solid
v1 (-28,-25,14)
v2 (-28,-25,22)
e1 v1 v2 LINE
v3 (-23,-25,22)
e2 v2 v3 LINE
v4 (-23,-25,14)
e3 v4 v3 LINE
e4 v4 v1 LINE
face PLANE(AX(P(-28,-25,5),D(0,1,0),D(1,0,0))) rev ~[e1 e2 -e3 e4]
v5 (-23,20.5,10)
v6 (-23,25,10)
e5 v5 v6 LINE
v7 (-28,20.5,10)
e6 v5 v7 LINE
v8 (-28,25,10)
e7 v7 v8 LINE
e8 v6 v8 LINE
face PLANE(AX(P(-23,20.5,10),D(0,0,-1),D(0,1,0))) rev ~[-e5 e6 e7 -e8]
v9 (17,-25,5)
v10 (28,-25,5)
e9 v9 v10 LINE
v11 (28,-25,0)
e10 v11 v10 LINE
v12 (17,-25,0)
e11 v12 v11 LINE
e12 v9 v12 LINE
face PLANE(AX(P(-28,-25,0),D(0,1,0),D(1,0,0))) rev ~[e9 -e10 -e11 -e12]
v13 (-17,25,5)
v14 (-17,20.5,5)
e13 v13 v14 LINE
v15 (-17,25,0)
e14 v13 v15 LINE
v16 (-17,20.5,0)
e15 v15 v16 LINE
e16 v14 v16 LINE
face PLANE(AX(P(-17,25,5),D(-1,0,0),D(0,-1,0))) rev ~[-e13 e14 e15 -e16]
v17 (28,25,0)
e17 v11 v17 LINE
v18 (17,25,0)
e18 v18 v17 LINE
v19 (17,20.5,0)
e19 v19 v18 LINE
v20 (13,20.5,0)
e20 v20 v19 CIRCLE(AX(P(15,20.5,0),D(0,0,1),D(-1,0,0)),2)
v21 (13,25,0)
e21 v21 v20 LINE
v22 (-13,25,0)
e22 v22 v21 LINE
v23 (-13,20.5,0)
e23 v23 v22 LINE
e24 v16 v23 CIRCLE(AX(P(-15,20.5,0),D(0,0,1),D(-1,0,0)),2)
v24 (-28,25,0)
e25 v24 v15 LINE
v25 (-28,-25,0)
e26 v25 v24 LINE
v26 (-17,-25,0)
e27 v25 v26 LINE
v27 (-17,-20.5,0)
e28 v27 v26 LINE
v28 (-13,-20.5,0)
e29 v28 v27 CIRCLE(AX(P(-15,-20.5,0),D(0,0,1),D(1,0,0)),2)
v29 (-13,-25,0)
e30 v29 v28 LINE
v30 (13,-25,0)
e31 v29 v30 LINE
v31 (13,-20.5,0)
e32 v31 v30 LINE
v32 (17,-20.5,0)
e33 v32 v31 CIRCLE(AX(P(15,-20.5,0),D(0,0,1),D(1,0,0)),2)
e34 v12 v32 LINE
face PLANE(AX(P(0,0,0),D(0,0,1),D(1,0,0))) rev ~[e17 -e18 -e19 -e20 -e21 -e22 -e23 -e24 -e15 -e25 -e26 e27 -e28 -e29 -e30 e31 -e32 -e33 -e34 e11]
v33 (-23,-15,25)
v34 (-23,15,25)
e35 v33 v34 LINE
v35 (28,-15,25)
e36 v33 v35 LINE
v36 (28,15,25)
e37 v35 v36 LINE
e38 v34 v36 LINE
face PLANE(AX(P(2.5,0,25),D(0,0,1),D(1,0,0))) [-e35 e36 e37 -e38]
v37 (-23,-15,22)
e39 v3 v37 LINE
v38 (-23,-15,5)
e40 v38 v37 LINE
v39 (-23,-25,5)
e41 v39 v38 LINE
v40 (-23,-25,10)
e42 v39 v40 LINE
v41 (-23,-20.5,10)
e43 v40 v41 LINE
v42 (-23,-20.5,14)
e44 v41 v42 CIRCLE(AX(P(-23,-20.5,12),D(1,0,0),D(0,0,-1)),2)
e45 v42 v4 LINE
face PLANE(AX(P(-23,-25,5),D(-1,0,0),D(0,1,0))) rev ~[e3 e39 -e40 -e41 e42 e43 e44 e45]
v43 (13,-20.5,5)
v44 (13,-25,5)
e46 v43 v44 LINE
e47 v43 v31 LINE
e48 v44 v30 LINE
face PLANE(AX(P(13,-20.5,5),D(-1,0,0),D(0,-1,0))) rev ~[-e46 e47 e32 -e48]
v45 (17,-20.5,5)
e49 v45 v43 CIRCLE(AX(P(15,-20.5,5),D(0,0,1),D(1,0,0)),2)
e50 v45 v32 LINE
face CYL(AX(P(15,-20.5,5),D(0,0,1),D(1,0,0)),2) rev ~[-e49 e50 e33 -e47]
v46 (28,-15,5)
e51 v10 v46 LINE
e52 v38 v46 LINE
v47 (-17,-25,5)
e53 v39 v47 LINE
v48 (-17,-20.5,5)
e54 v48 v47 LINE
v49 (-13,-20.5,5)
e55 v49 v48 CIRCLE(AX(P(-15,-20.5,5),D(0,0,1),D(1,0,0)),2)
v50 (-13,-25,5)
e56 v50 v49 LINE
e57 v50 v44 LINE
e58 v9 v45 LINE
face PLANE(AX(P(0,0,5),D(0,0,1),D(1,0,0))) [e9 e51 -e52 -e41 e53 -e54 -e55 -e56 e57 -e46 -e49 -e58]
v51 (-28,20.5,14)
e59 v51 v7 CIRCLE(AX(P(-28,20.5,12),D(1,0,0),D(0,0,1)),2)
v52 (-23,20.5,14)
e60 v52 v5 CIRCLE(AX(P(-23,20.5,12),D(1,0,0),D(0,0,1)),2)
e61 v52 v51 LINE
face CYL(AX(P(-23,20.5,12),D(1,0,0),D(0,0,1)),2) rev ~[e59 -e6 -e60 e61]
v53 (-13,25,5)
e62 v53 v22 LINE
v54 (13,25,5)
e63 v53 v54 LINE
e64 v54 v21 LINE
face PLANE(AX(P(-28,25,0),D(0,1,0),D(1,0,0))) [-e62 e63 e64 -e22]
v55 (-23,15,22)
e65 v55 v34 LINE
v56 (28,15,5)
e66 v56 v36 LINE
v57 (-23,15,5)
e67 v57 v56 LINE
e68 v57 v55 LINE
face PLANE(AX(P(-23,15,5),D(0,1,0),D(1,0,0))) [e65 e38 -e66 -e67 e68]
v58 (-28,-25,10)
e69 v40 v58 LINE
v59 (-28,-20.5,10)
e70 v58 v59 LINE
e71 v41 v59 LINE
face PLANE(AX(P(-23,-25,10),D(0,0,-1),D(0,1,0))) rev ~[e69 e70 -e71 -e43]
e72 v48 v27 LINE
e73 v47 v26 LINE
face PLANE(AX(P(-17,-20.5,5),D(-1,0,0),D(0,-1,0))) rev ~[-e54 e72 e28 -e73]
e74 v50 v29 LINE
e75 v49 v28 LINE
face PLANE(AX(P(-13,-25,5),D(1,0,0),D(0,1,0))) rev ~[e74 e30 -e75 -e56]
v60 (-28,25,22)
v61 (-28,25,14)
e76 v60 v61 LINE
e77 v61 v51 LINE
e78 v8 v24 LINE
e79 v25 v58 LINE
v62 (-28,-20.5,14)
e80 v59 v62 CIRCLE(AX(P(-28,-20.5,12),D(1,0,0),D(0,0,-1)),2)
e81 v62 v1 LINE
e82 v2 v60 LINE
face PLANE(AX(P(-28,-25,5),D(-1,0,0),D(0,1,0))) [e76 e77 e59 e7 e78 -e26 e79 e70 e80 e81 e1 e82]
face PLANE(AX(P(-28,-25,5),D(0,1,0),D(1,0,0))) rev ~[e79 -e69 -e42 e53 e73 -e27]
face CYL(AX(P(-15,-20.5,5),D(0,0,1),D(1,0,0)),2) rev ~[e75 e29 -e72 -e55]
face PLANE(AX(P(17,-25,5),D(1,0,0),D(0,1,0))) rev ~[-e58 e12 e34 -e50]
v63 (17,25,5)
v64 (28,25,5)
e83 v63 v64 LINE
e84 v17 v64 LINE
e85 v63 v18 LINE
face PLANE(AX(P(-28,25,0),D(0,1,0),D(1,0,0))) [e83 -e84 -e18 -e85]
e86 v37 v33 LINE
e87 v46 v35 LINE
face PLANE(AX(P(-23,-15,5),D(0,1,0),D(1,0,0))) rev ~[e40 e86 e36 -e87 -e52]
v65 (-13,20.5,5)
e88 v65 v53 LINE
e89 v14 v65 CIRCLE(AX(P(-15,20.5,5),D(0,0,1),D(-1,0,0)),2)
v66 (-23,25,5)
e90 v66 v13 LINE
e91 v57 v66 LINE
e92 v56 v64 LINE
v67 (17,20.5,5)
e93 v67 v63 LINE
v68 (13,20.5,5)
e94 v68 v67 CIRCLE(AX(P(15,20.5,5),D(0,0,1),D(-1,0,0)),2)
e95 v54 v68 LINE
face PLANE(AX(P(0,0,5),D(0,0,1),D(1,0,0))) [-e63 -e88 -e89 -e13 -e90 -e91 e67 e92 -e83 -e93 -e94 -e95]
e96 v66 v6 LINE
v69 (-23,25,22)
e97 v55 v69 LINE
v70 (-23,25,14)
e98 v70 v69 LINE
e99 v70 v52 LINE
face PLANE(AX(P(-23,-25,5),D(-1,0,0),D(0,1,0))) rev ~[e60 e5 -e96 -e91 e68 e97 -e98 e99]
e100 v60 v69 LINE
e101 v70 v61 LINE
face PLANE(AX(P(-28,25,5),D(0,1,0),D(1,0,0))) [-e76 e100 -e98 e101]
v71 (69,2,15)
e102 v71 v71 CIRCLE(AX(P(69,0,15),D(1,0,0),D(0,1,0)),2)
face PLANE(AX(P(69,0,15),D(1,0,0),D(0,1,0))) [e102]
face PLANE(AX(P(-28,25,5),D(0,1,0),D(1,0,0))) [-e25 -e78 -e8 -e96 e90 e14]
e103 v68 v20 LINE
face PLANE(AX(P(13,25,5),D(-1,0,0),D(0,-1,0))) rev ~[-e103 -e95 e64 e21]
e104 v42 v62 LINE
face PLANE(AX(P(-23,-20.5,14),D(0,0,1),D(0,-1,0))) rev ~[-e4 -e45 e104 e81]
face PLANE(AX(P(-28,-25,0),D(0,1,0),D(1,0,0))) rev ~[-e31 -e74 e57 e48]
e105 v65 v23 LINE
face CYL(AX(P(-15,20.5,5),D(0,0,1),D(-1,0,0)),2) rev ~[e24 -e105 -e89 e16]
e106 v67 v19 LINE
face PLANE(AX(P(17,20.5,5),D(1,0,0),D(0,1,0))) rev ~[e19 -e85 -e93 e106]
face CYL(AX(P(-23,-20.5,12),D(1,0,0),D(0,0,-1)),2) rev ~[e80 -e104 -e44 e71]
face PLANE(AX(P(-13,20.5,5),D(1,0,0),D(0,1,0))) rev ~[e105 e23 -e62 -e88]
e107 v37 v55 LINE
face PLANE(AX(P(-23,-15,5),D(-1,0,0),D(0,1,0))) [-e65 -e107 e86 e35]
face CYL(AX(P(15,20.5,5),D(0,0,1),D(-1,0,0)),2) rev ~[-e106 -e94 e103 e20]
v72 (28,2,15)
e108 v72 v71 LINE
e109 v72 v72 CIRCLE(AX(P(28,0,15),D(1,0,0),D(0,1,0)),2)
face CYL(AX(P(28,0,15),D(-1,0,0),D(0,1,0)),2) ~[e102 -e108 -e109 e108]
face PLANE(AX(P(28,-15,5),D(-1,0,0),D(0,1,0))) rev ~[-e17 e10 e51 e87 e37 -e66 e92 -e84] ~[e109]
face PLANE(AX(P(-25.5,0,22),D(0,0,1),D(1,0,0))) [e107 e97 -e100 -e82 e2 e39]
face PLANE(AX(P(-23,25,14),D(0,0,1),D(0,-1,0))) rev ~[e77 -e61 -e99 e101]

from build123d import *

# Parameters (mm, degrees)
F0_W      = 56
F0_H      = 50
F1_DEPTH  = 5
F3_DEPTH  = 5
F4_W      = 5
F4_H      = 50
F5_DEPTH  = 17
F6_W      = 51
F6_H      = 30
F7_DEPTH  = 20
F9_DEPTH  = 5
F10_R     = 2
F11_DEPTH = 41


with BuildPart() as f1:
    # F0 (on Top) → F1 (new body)
    with BuildSketch(Plane.XY):
        Rectangle(F0_W, F0_H)
    extrude(amount=F1_DEPTH)

    # F2 (on face) → F3 (cut, through all)
    with BuildSketch(Plane.XY.offset(5)):
        with BuildLine():
            Line((17, -25), (17, -20.5))
            ThreePointArc((17, -20.5), (15, -18.5), (13, -20.5))
            Line((13, -20.5), (13, -25))
            Line((13, -25), (17, -25))
        make_face()
        with BuildLine():
            ThreePointArc((13, 20.5), (15, 18.5), (17, 20.5))
            Line((17, 20.5), (17, 25))
            Line((17, 25), (13, 25))
            Line((13, 25), (13, 20.5))
        make_face()
        with BuildLine():
            Line((-17, 25), (-17, 20.5))
            ThreePointArc((-17, 20.5), (-15, 18.5), (-13, 20.5))
            Line((-13, 20.5), (-13, 25))
            Line((-13, 25), (-17, 25))
        make_face()
        with BuildLine():
            ThreePointArc((-13, -20.5), (-15, -18.5), (-17, -20.5))
            Line((-17, -20.5), (-17, -25))
            Line((-17, -25), (-13, -25))
            Line((-13, -25), (-13, -20.5))
        make_face()
    extrude(amount=-F3_DEPTH, mode=Mode.SUBTRACT)

    # F4 (on face) → F5 (join)
    with BuildSketch(Plane.XY.offset(5)):
        with Locations((-25.5, 0)):
            Rectangle(F4_W, F4_H)
    extrude(amount=F5_DEPTH)

    # F6 (on face) → F7 (join)
    with BuildSketch(Plane.XY.offset(5)):
        with Locations((2.5, 0)):
            Rectangle(F6_W, F6_H)
    extrude(amount=F7_DEPTH)

    # F8 (on face) → F9 (cut, through all)
    with BuildSketch(Plane.YZ.offset(-23)):
        with BuildLine():
            Line((-25, 10), (-20.5, 10))
            ThreePointArc((-20.5, 10), (-18.5, 12), (-20.5, 14))
            Line((-20.5, 14), (-25, 14))
            Line((-25, 14), (-25, 10))
        make_face()
        with BuildLine():
            ThreePointArc((20.5, 14), (18.5, 12), (20.5, 10))
            Line((20.5, 10), (25, 10))
            Line((25, 10), (25, 14))
            Line((25, 14), (20.5, 14))
        make_face()
    extrude(amount=-F9_DEPTH, mode=Mode.SUBTRACT)

    # F10 (on face) → F11 (join)
    with BuildSketch(Plane.YZ.offset(28)):
        with Locations((0, 15)):
            Circle(F10_R)
    extrude(amount=F11_DEPTH)


solid = f1.part
